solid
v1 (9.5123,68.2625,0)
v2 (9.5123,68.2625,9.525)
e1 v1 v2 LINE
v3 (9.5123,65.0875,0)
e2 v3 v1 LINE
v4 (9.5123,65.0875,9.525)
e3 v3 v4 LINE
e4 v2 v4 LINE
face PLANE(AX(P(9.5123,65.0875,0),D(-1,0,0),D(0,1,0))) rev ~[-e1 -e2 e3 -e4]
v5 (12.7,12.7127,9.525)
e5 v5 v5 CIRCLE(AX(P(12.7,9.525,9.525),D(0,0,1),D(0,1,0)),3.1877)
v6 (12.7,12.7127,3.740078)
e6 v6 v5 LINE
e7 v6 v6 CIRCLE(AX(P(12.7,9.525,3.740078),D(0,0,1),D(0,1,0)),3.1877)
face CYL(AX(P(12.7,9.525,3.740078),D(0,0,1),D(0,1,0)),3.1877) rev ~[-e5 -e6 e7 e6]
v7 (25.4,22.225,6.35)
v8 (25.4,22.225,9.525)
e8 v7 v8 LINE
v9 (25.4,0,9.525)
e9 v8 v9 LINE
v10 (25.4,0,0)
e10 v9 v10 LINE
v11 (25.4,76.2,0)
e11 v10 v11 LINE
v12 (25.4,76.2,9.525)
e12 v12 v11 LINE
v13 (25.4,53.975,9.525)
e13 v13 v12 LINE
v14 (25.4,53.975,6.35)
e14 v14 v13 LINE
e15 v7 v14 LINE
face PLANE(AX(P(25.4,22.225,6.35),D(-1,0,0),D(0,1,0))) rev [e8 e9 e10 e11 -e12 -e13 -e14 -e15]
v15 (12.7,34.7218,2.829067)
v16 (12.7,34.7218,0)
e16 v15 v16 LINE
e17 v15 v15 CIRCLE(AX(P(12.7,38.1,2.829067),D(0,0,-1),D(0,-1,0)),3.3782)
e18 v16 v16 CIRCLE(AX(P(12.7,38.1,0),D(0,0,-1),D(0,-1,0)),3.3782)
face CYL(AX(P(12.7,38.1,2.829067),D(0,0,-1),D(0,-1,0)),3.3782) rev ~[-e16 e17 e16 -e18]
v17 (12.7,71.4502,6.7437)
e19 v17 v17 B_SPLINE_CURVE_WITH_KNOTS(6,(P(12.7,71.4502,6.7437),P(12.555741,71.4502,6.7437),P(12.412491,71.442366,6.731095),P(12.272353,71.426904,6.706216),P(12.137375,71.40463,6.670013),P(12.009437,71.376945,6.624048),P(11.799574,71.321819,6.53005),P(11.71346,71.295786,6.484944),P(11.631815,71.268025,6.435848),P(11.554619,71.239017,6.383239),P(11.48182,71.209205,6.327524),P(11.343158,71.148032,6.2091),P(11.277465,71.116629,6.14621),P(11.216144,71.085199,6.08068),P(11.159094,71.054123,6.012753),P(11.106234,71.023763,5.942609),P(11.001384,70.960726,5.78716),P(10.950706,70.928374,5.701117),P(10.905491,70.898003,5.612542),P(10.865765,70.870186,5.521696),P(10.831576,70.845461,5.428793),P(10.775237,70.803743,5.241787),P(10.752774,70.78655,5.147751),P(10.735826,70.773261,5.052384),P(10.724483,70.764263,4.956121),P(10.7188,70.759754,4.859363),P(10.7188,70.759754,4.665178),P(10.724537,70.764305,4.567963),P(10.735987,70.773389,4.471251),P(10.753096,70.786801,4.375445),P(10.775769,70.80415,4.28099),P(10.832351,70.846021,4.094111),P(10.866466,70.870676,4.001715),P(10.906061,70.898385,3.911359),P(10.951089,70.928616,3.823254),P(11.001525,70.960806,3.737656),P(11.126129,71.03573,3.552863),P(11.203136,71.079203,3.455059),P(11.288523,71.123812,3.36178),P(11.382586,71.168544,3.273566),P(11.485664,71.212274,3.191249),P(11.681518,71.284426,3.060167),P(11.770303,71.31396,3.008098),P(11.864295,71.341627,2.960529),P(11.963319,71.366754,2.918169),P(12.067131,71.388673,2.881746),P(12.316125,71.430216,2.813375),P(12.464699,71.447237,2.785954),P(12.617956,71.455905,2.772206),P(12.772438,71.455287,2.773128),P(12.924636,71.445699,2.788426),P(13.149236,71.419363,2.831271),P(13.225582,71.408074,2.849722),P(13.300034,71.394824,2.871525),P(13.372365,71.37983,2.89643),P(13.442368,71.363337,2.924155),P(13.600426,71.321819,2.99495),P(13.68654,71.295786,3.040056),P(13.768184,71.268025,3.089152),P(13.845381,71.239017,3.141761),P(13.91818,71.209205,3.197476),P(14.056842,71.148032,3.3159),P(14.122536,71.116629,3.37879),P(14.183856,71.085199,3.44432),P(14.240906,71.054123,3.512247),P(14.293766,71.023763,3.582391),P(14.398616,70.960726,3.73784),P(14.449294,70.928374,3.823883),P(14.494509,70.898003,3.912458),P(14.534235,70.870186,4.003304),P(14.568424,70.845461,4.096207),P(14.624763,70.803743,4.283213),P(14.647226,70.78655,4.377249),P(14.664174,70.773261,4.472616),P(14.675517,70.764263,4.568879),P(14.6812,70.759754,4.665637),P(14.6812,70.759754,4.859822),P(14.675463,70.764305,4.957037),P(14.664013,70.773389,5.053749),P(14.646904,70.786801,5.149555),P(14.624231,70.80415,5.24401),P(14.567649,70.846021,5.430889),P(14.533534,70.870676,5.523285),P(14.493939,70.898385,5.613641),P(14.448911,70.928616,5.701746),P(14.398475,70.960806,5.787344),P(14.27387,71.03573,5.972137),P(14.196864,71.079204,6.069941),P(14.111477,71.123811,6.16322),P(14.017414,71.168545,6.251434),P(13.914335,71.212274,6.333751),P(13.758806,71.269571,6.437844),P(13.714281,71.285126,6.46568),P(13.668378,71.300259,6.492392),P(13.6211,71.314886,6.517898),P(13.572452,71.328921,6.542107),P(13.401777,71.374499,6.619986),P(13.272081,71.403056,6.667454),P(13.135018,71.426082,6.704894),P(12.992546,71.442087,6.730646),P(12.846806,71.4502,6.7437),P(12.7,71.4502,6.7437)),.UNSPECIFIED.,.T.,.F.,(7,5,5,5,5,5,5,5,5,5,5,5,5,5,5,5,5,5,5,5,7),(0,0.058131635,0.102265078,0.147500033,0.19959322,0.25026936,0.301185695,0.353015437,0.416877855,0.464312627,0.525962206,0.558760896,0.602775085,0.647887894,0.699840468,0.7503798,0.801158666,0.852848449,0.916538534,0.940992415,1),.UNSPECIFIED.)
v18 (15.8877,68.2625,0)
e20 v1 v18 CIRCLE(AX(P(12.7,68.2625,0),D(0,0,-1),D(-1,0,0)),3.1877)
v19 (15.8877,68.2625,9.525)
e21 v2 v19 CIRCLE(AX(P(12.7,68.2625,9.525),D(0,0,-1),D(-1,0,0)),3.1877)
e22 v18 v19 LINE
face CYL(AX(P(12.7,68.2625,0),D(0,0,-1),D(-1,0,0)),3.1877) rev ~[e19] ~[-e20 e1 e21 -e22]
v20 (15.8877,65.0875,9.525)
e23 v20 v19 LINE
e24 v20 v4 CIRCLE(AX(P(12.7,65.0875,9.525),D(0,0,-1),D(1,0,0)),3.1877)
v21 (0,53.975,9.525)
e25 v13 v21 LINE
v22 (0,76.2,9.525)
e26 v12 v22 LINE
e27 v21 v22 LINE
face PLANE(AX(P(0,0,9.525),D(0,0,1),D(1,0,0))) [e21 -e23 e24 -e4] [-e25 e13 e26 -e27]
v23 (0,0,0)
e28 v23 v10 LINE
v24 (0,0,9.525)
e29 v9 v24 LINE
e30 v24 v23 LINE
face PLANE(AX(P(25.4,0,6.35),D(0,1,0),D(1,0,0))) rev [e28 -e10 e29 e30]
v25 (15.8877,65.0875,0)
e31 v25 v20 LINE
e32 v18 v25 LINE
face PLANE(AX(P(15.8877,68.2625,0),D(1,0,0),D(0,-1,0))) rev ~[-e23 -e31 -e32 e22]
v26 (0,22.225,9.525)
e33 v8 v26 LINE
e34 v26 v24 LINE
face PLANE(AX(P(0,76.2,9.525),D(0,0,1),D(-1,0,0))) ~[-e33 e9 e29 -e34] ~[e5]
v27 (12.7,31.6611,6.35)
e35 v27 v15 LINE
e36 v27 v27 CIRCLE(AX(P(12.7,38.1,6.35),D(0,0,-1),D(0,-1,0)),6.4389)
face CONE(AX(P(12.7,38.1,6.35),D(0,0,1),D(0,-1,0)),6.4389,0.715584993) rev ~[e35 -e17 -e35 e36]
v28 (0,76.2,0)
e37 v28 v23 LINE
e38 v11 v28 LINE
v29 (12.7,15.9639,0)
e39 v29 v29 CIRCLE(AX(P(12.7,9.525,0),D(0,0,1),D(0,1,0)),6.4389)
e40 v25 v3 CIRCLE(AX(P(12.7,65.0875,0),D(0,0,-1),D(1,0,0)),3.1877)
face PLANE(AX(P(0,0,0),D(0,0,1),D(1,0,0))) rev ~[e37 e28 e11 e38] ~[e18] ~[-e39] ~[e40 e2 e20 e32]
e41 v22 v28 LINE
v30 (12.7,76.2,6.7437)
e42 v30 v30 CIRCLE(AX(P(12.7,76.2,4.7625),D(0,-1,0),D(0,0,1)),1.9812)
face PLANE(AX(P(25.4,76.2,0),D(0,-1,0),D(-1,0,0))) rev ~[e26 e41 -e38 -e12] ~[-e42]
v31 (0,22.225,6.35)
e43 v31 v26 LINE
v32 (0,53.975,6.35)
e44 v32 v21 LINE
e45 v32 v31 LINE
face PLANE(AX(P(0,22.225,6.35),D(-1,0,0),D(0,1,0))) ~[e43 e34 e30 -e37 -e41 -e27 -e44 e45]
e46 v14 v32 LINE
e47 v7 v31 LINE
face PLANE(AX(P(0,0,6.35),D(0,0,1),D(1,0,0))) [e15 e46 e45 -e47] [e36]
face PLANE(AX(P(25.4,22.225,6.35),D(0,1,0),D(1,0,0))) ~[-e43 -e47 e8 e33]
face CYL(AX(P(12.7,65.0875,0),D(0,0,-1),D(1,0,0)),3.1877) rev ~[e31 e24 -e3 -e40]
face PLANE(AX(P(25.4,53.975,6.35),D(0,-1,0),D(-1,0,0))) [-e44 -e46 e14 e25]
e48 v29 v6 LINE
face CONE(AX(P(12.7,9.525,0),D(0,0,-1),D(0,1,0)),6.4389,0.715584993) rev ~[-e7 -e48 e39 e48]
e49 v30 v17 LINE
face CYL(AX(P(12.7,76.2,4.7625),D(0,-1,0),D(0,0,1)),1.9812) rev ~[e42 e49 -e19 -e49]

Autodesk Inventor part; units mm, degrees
ref_plane "YZ Plane" through (0, 0, 0) normal (1, 0, 0) x (0, 1, 0)
ref_plane "XY Plane" through (0, 0, 0) normal (0, 0, 1) x (1, 0, 0)
sketch "Sketch1" plane through (0, 0, 0) normal (0, 0, 1) x (1, 0, 0)
  line L0 (0, 0) -> (25.4, 0)
  line L1 (25.4, 0) -> (25.4, 76.2)
  line L2 (25.4, 76.2) -> (0, 76.2)
  line L3 (0, 76.2) -> (0, 0)
  dimension "d0" = 76.2
  dimension "d1" = 25.4
extrude "Extrusion1" add sketch "Sketch1" along normal blind 6.35
sketch "Sketch2" plane through (0, 0, 6.35) normal (0, 0, 1) x (1, 0, 0)
  line L0 (25.4, 76.2) -> (0, 76.2) projected
  line L1 (25.4, 0) -> (25.4, 76.2) projected
  line L2 (0, 76.2) -> (25.4, 76.2)
  line L3 (25.4, 76.2) -> (25.4, 53.975)
  line L4 (25.4, 53.975) -> (0, 53.975)
  line L5 (0, 53.975) -> (0, 76.2)
  line L6 (0, 0) -> (25.4, 0) projected
  dimension "d4" = 22.225
extrude "Extrusion2" add sketch "Sketch2" along normal blind 3.175
ref_plane "Work Plane1" through (0, 38.1, 0) normal (0, 1, 0) x (-1, 0, 0)
mirror "Mirror1" about plane through (0, 38.1, 0) normal (0, 1, 0) of "Extrusion2"
sketch "Sketch6" plane through (0, 0, 0) normal (0, 0, 1) x (1, 0, 0)
  line L0 (25.4, 76.2) -> (0, 76.2) projected
  line L1 (25.4, 53.975) -> (25.4, 76.2) projected
  line L2 (25.4, 0) -> (0, 0) projected
  line L3 (0, 22.225) -> (25.4, 22.225) projected
  line L4 (25.4, 22.225) -> (25.4, 0) projected
  point P0 (12.7, 9.525)
  dimension "d28" = 12.7
  dimension "d29" = 12.7
sketch "Sketch7" plane through (0, 0, 6.35) normal (0, 0, 1) x (1, 0, 0)
  line L0 (0, 53.975) -> (25.4, 53.975) projected
  line L1 (0, 53.975) -> (0, 22.225) projected
  line L2 (25.4, 0) -> (25.4, 76.2) projected
  point P0 (0, 0)
  point P1 (12.7, 38.1)
  point P2 (25.4, 38.1)
  dimension "d38" = 12.7
hole "Hole3" at (12.7, 38.1, 6.35) direction (0, 0, -1) diameter 6.7564 end through all countersink diameter 12.8778 countersink angle 82 clearance for "Flat Head Machine Screw (82)" size "1/4" standard "Ansi Unified Screw Threads"
hole "Hole4" at (12.7, 9.525, 0) direction (0, 0, 1) diameter 6.3754 end through all countersink diameter 12.8778 countersink angle 82 clearance for "Flat Head Machine Screw (82)" size "1/4" standard "Ansi Unified Screw Threads"
sketch "Sketch8" plane through (0, 0, 0) normal (0, 0, -1) x (-1, 0, 0)
  line L0 (-12.7, 68.2625) -> (-12.7, 65.0875) construction
  line L1 (-15.8877, 68.2625) -> (-15.8877, 65.0875)
  line L2 (-9.5123, 65.0875) -> (-9.5123, 68.2625)
  arc A0 (-9.5123, 68.2625) -> (-15.8877, 68.2625) centre (-12.7, 68.2625) ccw
  arc A1 (-15.8877, 65.0875) -> (-9.5123, 65.0875) centre (-12.7, 65.0875) ccw
  circle A2 centre (-12.7, 9.525) radius 6.4389 projected
  point P0 (-12.7, 66.675)
  point P1 (-12.7, 66.675)
  dimension "d54" = 3.175
  dimension "d67" = 57.15
  dimension "d68" = 6.3754
extrude "Extrusion3" cut sketch "Sketch8" against normal through all contours A0 L2 A1 L1
sketch "Sketch10" plane through (0, 76.2, 0) normal (0, 1, 0) x (1, 0, 0)
  line L0 (0, 0) -> (0, -9.525) projected
  line L1 (25.4, 0) -> (0, 0) projected
  point P0 (12.7, -4.7625)
  point P1 (0, -4.7625)
  point P2 (12.7, 0)
hole "Hole5" at (12.7, 76.2, 4.7625) direction (0, -1, 0) diameter 3.9624 depth 9.525 tip angle 118 thread size "10-32 UNF" class "2B" standard "ANSI Unified Screw Threads"
properties part number "RollerBracket" material "Aluminum 6061"
